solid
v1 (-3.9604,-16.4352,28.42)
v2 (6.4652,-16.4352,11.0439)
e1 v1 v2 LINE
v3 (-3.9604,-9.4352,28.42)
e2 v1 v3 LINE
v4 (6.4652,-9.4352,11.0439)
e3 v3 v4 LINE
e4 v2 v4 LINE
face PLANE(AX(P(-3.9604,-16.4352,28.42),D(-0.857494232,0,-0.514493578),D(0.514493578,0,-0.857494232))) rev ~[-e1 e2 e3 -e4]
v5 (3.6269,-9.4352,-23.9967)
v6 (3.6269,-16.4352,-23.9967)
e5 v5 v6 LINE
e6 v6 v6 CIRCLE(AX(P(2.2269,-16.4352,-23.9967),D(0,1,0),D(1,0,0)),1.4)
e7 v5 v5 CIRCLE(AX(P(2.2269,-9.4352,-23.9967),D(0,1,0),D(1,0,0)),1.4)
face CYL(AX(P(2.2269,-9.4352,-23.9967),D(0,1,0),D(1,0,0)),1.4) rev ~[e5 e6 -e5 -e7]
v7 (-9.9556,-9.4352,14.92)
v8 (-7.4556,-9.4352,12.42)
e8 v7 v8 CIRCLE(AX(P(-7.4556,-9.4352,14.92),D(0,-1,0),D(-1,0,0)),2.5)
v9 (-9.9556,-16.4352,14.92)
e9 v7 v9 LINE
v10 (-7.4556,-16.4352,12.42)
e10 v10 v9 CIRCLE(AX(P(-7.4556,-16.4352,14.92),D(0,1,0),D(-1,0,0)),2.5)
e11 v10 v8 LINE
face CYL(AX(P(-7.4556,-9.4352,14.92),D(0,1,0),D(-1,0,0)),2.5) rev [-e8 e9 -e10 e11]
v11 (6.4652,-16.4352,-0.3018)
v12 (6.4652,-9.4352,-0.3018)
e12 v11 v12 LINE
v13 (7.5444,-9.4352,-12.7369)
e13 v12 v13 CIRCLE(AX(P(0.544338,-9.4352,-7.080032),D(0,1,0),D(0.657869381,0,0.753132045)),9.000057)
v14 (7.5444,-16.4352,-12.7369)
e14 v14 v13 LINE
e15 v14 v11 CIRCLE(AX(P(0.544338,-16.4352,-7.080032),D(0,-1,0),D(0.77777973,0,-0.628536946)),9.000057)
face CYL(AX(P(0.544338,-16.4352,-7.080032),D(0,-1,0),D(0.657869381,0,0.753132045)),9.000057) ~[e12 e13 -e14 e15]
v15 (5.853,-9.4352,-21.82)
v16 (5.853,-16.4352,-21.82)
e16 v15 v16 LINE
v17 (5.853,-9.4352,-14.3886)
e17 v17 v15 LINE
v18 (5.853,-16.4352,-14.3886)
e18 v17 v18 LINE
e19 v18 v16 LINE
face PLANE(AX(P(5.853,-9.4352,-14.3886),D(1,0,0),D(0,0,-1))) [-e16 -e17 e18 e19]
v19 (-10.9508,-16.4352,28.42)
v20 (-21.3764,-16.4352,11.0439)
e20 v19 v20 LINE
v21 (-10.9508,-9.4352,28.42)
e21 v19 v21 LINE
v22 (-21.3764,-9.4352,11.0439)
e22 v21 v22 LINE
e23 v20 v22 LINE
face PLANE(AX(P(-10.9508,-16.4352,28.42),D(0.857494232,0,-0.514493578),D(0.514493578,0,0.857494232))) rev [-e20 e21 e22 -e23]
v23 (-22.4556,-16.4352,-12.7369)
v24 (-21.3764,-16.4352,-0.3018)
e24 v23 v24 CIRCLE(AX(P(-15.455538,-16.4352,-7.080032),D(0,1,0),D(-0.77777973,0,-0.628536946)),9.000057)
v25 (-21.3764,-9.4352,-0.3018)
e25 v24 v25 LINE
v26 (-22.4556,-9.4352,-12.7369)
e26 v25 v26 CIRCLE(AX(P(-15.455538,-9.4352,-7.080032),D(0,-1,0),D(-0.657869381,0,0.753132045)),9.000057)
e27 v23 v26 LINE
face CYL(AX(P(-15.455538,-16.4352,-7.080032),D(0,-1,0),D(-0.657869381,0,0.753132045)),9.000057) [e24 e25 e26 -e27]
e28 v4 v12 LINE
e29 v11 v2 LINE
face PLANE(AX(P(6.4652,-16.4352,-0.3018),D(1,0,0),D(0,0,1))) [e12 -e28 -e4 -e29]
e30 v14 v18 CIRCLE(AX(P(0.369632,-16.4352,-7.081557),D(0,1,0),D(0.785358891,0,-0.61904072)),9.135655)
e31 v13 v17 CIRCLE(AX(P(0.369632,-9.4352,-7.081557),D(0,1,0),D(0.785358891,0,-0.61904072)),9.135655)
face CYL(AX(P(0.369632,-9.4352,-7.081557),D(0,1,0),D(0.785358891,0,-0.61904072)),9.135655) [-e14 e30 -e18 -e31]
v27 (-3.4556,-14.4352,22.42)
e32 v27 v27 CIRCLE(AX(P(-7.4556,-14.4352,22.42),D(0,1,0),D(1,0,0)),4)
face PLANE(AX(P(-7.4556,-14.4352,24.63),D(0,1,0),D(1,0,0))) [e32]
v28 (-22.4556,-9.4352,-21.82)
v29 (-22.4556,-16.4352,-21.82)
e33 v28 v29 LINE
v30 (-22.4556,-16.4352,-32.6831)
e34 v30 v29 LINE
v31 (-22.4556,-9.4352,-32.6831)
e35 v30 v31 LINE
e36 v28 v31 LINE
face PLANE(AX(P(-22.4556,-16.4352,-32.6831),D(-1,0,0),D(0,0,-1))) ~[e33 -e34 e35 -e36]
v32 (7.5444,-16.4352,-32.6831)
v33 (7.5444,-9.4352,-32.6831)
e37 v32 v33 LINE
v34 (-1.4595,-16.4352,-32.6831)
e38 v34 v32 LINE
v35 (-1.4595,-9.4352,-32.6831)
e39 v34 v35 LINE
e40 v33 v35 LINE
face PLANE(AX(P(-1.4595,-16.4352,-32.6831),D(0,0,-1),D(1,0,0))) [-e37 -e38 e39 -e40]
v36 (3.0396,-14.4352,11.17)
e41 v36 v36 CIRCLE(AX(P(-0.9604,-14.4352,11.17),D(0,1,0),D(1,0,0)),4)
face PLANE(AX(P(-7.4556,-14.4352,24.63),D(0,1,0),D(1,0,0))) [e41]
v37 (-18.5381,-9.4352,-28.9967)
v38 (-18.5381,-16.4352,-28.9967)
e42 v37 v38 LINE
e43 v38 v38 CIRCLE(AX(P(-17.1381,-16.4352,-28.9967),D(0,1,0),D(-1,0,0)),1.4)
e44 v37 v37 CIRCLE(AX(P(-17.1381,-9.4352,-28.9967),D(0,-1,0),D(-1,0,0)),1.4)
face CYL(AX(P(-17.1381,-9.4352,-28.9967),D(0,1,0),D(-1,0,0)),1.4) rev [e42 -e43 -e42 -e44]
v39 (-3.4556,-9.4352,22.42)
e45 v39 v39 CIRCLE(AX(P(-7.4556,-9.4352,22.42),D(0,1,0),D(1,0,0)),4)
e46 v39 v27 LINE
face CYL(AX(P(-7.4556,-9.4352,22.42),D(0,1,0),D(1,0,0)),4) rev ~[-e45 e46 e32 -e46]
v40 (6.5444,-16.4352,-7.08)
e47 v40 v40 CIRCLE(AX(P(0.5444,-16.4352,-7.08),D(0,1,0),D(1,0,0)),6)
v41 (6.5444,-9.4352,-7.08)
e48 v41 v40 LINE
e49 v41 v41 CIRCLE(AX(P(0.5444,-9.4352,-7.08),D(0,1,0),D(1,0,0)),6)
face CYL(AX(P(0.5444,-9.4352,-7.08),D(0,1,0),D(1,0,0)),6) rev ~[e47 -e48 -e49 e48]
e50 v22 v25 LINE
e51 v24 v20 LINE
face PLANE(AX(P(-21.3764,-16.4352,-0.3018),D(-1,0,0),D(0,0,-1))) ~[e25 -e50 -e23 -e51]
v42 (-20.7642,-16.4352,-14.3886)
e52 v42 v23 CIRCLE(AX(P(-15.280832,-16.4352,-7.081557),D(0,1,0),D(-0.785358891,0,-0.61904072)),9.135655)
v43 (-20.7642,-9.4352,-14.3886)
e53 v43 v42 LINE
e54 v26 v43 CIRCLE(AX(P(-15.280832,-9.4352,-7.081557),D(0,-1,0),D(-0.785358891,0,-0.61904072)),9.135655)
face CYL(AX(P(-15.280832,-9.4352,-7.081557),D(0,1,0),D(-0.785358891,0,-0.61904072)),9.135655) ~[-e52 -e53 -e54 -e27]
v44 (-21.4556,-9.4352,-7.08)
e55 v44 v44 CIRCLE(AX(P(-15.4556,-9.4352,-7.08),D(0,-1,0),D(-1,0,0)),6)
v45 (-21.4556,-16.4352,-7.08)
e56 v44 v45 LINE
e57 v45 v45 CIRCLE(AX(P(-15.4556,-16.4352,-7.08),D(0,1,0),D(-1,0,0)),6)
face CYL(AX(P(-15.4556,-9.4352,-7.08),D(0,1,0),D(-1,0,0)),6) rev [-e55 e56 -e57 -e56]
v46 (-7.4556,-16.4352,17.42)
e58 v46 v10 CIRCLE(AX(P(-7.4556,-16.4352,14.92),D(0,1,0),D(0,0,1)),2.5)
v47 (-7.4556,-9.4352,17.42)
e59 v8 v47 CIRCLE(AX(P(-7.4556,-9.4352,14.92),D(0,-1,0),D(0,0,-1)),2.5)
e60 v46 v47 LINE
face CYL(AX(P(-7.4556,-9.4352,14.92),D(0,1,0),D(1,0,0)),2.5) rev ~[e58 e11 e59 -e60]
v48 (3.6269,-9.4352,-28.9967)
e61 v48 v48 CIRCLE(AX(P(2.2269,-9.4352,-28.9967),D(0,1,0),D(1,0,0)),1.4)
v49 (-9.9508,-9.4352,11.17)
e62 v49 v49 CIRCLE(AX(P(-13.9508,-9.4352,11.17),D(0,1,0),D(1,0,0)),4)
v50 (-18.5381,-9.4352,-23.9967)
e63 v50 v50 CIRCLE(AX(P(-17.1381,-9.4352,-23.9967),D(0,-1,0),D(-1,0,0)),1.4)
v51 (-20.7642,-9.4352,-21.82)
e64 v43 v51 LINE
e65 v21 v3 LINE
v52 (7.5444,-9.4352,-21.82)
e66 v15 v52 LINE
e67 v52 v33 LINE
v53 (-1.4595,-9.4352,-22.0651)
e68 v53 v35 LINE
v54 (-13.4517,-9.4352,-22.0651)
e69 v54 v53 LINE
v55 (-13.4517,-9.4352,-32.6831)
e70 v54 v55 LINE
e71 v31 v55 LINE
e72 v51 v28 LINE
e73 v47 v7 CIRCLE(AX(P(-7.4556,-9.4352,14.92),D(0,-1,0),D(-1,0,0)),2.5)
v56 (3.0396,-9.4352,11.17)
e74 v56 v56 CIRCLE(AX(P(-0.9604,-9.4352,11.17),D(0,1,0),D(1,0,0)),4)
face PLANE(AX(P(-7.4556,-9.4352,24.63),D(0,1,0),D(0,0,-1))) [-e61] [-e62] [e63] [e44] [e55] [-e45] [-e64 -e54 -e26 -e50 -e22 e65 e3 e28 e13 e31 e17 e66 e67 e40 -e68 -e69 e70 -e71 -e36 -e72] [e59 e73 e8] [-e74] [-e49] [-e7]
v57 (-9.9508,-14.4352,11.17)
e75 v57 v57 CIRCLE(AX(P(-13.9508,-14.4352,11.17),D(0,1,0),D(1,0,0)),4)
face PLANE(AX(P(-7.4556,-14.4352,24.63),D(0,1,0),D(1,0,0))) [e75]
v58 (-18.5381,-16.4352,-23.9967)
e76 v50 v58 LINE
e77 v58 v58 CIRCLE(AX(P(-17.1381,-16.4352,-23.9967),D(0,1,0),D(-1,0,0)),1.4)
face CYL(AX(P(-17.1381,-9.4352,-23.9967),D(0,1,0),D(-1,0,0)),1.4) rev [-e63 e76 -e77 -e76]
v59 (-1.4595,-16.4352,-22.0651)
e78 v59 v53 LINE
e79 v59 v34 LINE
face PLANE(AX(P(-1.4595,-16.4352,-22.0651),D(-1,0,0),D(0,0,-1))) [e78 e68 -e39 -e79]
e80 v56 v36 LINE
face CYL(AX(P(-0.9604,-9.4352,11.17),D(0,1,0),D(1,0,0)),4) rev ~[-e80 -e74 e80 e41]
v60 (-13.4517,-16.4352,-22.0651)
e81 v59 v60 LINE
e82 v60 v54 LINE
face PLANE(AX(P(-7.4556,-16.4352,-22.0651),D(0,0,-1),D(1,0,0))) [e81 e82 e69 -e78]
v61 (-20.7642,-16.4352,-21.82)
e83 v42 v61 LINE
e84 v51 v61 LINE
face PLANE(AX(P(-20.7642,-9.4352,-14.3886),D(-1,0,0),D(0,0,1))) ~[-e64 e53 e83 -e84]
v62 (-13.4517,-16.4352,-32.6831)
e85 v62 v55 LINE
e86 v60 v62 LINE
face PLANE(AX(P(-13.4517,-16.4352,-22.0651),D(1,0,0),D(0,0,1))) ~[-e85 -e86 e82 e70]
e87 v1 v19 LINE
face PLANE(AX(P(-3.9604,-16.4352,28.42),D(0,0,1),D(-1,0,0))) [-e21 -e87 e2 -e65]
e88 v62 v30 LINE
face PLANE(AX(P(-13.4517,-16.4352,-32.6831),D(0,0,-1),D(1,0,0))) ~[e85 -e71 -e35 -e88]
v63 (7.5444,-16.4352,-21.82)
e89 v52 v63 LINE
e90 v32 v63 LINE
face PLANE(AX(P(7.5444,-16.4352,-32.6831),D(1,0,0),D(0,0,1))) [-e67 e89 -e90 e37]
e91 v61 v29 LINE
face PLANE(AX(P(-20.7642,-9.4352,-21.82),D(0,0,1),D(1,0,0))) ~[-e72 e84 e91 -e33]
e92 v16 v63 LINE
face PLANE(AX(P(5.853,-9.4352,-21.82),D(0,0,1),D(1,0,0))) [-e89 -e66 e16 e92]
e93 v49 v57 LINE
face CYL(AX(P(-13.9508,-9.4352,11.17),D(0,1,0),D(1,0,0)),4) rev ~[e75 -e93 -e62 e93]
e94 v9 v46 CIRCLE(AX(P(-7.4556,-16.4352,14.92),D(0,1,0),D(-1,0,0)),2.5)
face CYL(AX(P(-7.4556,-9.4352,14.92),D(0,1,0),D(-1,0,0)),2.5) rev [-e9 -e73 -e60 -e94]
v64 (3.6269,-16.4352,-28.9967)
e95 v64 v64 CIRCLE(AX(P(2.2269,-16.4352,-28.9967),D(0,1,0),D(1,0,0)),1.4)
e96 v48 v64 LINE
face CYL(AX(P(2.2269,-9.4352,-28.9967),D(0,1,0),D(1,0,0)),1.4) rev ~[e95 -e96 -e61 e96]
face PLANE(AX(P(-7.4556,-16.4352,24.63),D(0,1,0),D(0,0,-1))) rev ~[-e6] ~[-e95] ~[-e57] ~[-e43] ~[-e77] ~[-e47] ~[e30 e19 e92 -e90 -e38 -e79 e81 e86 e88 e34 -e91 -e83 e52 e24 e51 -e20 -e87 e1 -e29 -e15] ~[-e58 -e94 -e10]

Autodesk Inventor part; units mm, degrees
ref_plane "YZ Plane" through (0, 0, 0) normal (1, 0, 0) x (0, 1, 0)
ref_plane "XZ Plane" through (0, 0, 0) normal (0, 1, 0) x (-1, 0, 0)
ref_plane "XY Plane" through (0, 0, 0) normal (0, 0, 1) x (1, 0, 0)
ref_plane "Work Plane8" through (-7.4556, -16.4352, 24.63) normal (0, 1, 0) x (0, 0, -1)
sketch "Sketch12" plane through (-7.4556, -16.4352, 24.63) normal (0, 1, 0) x (0, 0, -1)
  circle A0 centre (31.71, -8) radius 6 construction
  circle A1 centre (31.71, 8) radius 6 construction
  line L0 (59.1648, 4.9103) -> (72.1552, 12.4103) construction
  arc A2 (80.66, 7.5) -> (72.1552, 12.4103) centre (70.66, 0) ccw construction
  line L1 (80.66, 7.5) -> (80.66, -7.5) construction
  arc A3 (72.1552, -12.4103) -> (80.66, -7.5) centre (70.66, 0) ccw construction
  line L2 (72.1552, -12.4103) -> (59.1648, -4.9103) construction
  arc A4 (59.1648, 4.9103) -> (59.1648, -4.9103) centre (70.66, 0) ccw construction
  line L3 (57.3131, 5.945) -> (46.6951, 5.945) construction
  line L4 (46.6951, 5.945) -> (46.6951, -5.9961)
  line L5 (46.6951, -5.9961) -> (57.3131, -5.9961)
  line L6 (57.3131, -5.9961) -> (57.3131, -15)
  line L7 (57.3131, -15) -> (85.66, -15) construction
  line L8 (85.66, -15) -> (85.66, 15) construction
  line L9 (85.66, 15) -> (57.3131, 15) construction
  line L10 (57.3131, 15) -> (57.3131, 5.945) construction
  line L11 (46.6951, -6.3061) -> (57.3131, -6.3061)
  line L12 (3.89, -16.97) -> (37.83, -16.97)
  line L13 (41.63, -16.87) -> (45.71, -16.87)
  line L14 (55.66, -15) -> (46.2855, -13.3689)
  line L15 (55.66, -15) -> (105.1976, -15) construction
  line L16 (46.6951, 0) -> (46.6951, -6.3061)
  arc A5 (24.9318, -13.9208) -> (37.3669, -15) centre (31.71, -8) ccw
  line L17 (24.9318, -13.9208) -> (13.5861, -13.9208)
  line L18 (-3.79, -3.4952) -> (-3.79, 3.4952)
  line L19 (-3.79, 0) -> (-3.79, 0)
  line L20 (-3.79, 0) -> (-3.79, -3.4952)
  line L21 (-3.79, -3.4952) -> (13.5861, -13.9208)
  line L22 (46.6951, 0) -> (-3.79, 0)
  line L23 (57.3131, -6.3061) -> (57.3131, -15)
  line L24 (57.3131, -15) -> (37.3669, -15)
  line L25 (-3.79, -8.16) -> (-3.79, 8.16)
  line L26 (19.46, 16.4952) -> (10.1021, 16.4952)
  line L27 (19.46, -16.4952) -> (19.46, 16.4952)
  line L28 (10.1021, -16.4952) -> (19.46, -16.4952)
  line L29 (10.1021, 16.4952) -> (-3.79, 8.16)
  line L30 (-3.79, -8.16) -> (10.1021, -16.4952)
  circle A6 centre (9.71, 0) radius 1.75
  point P0 (24.63, -7.4556)
  point P1 (11.21, -12.4952)
  point P2 (19.46, 12.4952)
  point P3 (19.46, -12.4952)
extrude "Extrusion11" add sketch "Sketch12" along normal blind 7 contours L4 L16 L11 L6 L24 A5 L12 L17 L27 L22 | L5 L6 L11 L16 | L27 L17 L21 L18 L22 A6 | A6 L22 | L12 A5 picked at (9.6397, -0.5791)
sketch "Sketch13" plane through (-7.4556, -9.4352, 24.63) normal (0, 1, 0) x (1, 0, 0)
  circle A0 centre (8, 31.71) radius 6 projected
  circle A1 centre (8, 31.71) radius 6.1
  circle A2 centre (9.6825, 53.6267) radius 1.4 projected
  circle A3 centre (9.6825, 48.6267) radius 1.4 projected
  circle A4 centre (0, 9.71) radius 2.5 projected
  point P0 (7.4556, 24.63)
  dimension "d68" = 12.2
extrude "Extrusion12" cut sketch "Sketch13" against normal through all contours A0 | A2 | A3 | A4
sketch "Sketch16" plane through (-7.4556, -9.4352, 24.63) normal (0, 1, 0) x (1, 0, 0)
  line L0 (13.9208, 13.5861) -> (13.9208, 24.9318) projected
  arc A0 (13.9208, 24.9318) -> (15, 37.3669) centre (8, 31.71) ccw projected
  line L1 (5.9961, 46.6951) -> (0, 46.6951) projected
  line L2 (13.8689, 40.3869) -> (13.8689, 45.71) projected
  line L3 (15, 39.0186) -> (13.3086, 39.0186)
  line L4 (13.3086, 39.0186) -> (13.3086, 46.45)
  line L5 (13.3086, 46.45) -> (15, 46.45)
  line L6 (15, 46.45) -> (15, 39.0186)
  arc A1 (15, 37.3669) -> (13.3086, 39.0186) centre (7.8235, 31.71) ccw
  line L7 (13.3086, 46.45) -> (15, 48.1414)
  line L8 (15, 37.3669) -> (15, 57.3131) projected
  line L9 (13.3086, 46.45) -> (15.7006, 46.45) construction
  line L10 (15, 48.1414) -> (15, 46.45)
  line L11 (15, 39.0186) -> (15, 37.3669)
  line L12 (0, 7.21) -> (0, -3.79) projected
  line L13 (0, -3.79) -> (3.4952, -3.79) projected
  line L14 (3.4952, -3.79) -> (13.9208, 13.5861) projected
  line L15 (15, 37.3669) -> (15, 57.3131) projected
  line L16 (15, 57.3131) -> (5.9961, 57.3131) projected
  line L17 (5.9961, 57.3131) -> (5.9961, 46.6951) projected
  arc A2 (0, 7.21) -> (0, 12.21) centre (0, 9.71) ccw projected
  line L18 (0, 46.6951) -> (0, 12.21) projected
  point P0 (7.4556, 24.63)
  dimension "d80" = 45
extrude "Extrusion15" cut sketch "Sketch16" against normal through all contours A1 L3 L8 | L4 L5 L6 L3
mirror "Mirror3" about plane through (-7.4556, -16.4352, -22.0651) normal (-1, 0, 0) of "Extrusion11", "Extrusion12", "Extrusion15"
sketch "Sketch17" plane through (-7.4556, -9.4352, 24.63) normal (0, 1, 0) x (1, 0, 0)
  circle A0 centre (6.4952, 13.46) radius 4 projected
  circle A1 centre (0, 2.21) radius 4 projected
  circle A2 centre (-6.4952, 13.46) radius 4 projected
  point P0 (7.4556, 24.63)
extrude "Extrusion16" cut sketch "Sketch17" against normal blind 5
properties part number "30_Cube_Z_Focus_MGN_NEMA_slide_part2"
